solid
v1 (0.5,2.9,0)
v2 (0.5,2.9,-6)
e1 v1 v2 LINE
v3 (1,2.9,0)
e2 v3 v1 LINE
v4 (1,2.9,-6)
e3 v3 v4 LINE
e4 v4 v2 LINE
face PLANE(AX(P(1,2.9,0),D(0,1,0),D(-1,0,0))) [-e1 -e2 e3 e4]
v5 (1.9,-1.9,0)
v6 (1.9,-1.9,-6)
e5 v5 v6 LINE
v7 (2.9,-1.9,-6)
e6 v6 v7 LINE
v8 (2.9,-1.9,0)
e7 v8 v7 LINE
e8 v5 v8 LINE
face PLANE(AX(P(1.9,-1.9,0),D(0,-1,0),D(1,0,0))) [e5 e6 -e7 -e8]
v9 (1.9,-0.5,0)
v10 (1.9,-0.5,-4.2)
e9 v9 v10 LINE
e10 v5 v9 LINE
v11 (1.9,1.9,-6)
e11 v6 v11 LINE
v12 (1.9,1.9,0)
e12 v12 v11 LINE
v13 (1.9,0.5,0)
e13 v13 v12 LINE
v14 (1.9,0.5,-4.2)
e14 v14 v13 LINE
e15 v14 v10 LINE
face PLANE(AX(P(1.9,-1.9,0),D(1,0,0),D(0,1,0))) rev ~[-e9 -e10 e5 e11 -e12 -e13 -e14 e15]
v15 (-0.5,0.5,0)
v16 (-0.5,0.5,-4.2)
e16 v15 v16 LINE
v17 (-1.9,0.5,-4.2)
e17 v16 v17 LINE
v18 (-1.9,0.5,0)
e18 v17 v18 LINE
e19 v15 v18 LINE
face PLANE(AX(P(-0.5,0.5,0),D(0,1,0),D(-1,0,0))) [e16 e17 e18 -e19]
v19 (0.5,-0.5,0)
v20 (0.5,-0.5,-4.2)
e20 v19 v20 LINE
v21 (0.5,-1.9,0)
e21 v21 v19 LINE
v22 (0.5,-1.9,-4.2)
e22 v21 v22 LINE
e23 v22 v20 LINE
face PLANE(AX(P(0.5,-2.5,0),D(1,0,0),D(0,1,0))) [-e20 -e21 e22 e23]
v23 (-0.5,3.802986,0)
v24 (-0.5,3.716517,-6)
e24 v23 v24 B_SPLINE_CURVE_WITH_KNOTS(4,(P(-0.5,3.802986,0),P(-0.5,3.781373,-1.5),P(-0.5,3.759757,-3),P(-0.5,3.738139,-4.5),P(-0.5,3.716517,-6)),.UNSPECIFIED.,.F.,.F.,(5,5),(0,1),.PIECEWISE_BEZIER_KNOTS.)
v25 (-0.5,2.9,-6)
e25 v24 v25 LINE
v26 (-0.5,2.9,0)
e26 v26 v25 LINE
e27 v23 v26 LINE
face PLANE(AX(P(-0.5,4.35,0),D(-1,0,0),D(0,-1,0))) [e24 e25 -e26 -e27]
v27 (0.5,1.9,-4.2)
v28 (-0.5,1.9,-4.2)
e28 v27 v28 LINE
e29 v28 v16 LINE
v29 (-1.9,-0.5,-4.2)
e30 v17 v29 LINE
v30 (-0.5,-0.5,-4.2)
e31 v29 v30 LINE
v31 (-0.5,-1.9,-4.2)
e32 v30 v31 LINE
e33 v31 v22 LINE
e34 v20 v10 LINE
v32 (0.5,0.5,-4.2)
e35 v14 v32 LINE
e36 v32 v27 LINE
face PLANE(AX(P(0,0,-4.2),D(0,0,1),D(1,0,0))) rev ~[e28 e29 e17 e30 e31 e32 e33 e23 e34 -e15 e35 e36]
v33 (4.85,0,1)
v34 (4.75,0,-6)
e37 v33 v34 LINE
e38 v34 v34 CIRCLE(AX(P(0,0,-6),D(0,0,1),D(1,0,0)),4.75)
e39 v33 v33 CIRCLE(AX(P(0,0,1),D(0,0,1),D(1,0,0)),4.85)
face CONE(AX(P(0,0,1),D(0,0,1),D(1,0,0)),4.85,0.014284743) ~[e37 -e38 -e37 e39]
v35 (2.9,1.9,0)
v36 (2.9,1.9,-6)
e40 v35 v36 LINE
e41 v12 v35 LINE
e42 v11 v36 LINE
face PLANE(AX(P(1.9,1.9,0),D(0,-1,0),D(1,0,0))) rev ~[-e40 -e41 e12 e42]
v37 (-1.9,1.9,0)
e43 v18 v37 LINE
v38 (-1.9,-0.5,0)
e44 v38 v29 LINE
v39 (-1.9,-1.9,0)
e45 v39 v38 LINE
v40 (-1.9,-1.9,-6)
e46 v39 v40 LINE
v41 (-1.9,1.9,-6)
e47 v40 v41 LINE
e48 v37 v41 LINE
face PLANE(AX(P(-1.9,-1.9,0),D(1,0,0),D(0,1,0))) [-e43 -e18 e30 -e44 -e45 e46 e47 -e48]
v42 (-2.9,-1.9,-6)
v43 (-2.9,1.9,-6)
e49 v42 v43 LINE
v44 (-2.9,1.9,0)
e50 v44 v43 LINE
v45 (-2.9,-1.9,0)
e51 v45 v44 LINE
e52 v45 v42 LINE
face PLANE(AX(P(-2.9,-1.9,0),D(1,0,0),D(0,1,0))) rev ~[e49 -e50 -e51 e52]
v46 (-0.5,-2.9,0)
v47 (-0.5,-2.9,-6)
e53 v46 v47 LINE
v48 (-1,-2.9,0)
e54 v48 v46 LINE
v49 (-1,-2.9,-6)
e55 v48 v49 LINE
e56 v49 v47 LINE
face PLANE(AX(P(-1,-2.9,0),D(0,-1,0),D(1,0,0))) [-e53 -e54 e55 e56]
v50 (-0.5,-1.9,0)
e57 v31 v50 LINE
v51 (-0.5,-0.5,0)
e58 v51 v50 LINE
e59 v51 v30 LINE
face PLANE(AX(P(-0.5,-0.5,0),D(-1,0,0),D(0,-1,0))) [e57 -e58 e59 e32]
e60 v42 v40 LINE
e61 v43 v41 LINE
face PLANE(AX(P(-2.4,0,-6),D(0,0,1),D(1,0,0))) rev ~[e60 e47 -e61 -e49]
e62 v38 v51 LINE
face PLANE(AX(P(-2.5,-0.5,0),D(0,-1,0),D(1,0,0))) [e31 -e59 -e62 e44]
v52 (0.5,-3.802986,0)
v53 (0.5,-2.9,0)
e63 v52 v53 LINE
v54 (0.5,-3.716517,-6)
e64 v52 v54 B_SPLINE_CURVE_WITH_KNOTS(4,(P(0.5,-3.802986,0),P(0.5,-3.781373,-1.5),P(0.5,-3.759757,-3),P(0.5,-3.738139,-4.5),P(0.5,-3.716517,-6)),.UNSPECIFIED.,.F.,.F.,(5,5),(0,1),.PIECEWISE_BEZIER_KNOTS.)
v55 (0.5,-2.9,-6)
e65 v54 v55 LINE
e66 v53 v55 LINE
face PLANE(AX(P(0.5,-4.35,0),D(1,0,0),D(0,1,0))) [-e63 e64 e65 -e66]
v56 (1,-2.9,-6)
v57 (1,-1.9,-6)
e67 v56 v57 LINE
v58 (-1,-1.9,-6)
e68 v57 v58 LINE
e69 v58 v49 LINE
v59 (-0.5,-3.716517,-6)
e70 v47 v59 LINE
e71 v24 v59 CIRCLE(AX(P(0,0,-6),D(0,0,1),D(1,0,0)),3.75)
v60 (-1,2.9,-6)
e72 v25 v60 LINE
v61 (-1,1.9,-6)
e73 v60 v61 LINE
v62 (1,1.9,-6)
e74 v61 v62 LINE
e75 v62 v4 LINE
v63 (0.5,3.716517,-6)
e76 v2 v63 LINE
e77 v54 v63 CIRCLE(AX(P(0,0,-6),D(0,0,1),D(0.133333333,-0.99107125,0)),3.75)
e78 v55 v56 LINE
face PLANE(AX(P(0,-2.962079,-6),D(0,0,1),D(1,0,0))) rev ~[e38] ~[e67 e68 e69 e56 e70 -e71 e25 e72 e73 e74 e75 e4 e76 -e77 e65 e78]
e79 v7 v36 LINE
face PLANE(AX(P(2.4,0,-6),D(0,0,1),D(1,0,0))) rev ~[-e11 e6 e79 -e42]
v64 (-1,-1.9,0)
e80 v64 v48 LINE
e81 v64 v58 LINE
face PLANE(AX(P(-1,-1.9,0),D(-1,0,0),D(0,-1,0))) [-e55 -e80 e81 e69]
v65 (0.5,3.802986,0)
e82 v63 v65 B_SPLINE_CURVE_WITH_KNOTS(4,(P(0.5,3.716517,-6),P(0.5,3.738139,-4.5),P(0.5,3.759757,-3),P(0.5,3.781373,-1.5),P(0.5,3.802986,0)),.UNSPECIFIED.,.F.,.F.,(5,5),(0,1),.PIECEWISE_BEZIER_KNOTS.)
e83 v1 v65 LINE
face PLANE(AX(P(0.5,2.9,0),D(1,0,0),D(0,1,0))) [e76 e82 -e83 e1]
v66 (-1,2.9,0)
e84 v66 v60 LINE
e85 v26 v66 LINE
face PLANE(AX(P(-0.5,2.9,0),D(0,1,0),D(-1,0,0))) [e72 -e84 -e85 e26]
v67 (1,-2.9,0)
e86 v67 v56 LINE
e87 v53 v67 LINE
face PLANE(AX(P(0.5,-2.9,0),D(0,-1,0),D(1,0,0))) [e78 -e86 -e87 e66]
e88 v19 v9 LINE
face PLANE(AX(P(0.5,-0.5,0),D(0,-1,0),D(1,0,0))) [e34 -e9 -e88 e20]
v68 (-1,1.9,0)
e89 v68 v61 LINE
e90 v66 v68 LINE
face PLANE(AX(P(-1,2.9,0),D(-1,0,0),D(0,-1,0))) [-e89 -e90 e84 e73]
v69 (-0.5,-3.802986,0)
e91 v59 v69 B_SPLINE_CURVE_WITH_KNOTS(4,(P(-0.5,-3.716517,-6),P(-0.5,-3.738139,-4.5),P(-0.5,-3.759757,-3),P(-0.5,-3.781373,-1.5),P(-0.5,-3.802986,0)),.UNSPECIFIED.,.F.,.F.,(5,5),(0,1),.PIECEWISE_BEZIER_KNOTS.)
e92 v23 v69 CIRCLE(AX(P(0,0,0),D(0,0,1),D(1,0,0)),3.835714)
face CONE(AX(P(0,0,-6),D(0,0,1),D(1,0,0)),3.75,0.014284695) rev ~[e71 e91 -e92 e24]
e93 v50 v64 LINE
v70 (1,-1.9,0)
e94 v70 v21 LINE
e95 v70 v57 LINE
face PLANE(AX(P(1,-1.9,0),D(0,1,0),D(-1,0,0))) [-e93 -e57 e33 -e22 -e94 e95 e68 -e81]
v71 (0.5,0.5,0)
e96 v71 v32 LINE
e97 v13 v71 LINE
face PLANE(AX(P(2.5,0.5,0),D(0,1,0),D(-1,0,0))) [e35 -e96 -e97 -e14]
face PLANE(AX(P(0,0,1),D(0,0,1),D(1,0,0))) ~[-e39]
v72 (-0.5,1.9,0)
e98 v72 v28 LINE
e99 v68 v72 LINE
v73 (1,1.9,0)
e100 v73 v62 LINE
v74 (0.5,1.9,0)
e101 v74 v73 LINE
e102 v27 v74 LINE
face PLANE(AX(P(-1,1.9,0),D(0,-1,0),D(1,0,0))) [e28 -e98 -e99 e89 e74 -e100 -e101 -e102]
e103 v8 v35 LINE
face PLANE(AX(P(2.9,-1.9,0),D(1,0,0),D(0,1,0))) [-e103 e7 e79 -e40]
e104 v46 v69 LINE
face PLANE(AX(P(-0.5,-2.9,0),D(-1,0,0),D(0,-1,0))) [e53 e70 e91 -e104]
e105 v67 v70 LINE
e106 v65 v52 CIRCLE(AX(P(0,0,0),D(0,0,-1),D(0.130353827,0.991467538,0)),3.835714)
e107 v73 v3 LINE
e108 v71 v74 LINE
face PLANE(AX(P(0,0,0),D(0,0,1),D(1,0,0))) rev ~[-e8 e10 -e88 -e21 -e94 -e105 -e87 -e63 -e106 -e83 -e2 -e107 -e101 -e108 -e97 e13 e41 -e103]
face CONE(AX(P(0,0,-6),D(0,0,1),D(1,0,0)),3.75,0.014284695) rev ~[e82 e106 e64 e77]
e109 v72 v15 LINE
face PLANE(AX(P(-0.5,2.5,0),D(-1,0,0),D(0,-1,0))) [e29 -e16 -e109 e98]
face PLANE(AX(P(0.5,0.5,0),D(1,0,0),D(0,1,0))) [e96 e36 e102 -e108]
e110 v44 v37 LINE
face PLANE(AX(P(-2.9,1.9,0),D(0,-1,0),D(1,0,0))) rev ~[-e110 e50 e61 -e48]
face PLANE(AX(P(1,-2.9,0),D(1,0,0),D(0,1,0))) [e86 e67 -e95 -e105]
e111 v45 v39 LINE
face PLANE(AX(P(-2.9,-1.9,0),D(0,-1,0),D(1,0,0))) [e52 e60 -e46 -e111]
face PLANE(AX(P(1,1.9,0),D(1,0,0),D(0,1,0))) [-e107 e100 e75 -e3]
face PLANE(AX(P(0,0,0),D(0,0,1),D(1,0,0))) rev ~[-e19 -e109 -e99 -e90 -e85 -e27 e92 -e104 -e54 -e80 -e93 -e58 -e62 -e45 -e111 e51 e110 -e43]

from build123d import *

# Parameters (mm, degrees)
SKETCH001_W  = 1
SKETCH001_H  = 3.8
PAD_DEPTH    = 6
PAD001_DEPTH = 4.2


with BuildPart() as part:
    # Sketch → Revolution (revolve)
    with BuildSketch(Plane.XZ):
        Polygon((0, 1), (4.85, 1), (4.75, -6), (3.75, -6), (3.835714, 0), (0, 0), align=None)
    revolve(axis=Axis((0, 0, 0), (0, 0, 1)))

    # Sketch001 → Pad (new body)
    with BuildSketch(Plane.XY):
        Polygon((-1, -1.9), (-1, -2.9), (-0.5, -2.9), (-0.5, -4.35), (0.5, -4.35), (0.5, -2.9), (1, -2.9), (1, -1.9), align=None)
        Polygon((-1, 2.9), (-1, 1.9), (1, 1.9), (1, 2.9), (0.5, 2.9), (0.5, 4.35), (-0.5, 4.35), (-0.5, 2.9), align=None)
        with Locations((2.4, 0)):
            Rectangle(SKETCH001_W, SKETCH001_H)
        with Locations((-2.4, 0)):
            Rectangle(SKETCH001_W, SKETCH001_H)
    extrude(amount=-PAD_DEPTH)

    # Sketch002 → Pad001 (join)
    with BuildSketch(Plane.XY):
        Polygon((-0.5, 2.5), (-0.5, 0.5), (-2.5, 0.5), (-2.5, -0.5), (-0.5, -0.5), (-0.5, -2.5), (0.5, -2.5), (0.5, -0.5), (2.5, -0.5), (2.5, 0.5), (0.5, 0.5), (0.5, 2.5), align=None)
    extrude(amount=-PAD001_DEPTH)


solid = part.part
